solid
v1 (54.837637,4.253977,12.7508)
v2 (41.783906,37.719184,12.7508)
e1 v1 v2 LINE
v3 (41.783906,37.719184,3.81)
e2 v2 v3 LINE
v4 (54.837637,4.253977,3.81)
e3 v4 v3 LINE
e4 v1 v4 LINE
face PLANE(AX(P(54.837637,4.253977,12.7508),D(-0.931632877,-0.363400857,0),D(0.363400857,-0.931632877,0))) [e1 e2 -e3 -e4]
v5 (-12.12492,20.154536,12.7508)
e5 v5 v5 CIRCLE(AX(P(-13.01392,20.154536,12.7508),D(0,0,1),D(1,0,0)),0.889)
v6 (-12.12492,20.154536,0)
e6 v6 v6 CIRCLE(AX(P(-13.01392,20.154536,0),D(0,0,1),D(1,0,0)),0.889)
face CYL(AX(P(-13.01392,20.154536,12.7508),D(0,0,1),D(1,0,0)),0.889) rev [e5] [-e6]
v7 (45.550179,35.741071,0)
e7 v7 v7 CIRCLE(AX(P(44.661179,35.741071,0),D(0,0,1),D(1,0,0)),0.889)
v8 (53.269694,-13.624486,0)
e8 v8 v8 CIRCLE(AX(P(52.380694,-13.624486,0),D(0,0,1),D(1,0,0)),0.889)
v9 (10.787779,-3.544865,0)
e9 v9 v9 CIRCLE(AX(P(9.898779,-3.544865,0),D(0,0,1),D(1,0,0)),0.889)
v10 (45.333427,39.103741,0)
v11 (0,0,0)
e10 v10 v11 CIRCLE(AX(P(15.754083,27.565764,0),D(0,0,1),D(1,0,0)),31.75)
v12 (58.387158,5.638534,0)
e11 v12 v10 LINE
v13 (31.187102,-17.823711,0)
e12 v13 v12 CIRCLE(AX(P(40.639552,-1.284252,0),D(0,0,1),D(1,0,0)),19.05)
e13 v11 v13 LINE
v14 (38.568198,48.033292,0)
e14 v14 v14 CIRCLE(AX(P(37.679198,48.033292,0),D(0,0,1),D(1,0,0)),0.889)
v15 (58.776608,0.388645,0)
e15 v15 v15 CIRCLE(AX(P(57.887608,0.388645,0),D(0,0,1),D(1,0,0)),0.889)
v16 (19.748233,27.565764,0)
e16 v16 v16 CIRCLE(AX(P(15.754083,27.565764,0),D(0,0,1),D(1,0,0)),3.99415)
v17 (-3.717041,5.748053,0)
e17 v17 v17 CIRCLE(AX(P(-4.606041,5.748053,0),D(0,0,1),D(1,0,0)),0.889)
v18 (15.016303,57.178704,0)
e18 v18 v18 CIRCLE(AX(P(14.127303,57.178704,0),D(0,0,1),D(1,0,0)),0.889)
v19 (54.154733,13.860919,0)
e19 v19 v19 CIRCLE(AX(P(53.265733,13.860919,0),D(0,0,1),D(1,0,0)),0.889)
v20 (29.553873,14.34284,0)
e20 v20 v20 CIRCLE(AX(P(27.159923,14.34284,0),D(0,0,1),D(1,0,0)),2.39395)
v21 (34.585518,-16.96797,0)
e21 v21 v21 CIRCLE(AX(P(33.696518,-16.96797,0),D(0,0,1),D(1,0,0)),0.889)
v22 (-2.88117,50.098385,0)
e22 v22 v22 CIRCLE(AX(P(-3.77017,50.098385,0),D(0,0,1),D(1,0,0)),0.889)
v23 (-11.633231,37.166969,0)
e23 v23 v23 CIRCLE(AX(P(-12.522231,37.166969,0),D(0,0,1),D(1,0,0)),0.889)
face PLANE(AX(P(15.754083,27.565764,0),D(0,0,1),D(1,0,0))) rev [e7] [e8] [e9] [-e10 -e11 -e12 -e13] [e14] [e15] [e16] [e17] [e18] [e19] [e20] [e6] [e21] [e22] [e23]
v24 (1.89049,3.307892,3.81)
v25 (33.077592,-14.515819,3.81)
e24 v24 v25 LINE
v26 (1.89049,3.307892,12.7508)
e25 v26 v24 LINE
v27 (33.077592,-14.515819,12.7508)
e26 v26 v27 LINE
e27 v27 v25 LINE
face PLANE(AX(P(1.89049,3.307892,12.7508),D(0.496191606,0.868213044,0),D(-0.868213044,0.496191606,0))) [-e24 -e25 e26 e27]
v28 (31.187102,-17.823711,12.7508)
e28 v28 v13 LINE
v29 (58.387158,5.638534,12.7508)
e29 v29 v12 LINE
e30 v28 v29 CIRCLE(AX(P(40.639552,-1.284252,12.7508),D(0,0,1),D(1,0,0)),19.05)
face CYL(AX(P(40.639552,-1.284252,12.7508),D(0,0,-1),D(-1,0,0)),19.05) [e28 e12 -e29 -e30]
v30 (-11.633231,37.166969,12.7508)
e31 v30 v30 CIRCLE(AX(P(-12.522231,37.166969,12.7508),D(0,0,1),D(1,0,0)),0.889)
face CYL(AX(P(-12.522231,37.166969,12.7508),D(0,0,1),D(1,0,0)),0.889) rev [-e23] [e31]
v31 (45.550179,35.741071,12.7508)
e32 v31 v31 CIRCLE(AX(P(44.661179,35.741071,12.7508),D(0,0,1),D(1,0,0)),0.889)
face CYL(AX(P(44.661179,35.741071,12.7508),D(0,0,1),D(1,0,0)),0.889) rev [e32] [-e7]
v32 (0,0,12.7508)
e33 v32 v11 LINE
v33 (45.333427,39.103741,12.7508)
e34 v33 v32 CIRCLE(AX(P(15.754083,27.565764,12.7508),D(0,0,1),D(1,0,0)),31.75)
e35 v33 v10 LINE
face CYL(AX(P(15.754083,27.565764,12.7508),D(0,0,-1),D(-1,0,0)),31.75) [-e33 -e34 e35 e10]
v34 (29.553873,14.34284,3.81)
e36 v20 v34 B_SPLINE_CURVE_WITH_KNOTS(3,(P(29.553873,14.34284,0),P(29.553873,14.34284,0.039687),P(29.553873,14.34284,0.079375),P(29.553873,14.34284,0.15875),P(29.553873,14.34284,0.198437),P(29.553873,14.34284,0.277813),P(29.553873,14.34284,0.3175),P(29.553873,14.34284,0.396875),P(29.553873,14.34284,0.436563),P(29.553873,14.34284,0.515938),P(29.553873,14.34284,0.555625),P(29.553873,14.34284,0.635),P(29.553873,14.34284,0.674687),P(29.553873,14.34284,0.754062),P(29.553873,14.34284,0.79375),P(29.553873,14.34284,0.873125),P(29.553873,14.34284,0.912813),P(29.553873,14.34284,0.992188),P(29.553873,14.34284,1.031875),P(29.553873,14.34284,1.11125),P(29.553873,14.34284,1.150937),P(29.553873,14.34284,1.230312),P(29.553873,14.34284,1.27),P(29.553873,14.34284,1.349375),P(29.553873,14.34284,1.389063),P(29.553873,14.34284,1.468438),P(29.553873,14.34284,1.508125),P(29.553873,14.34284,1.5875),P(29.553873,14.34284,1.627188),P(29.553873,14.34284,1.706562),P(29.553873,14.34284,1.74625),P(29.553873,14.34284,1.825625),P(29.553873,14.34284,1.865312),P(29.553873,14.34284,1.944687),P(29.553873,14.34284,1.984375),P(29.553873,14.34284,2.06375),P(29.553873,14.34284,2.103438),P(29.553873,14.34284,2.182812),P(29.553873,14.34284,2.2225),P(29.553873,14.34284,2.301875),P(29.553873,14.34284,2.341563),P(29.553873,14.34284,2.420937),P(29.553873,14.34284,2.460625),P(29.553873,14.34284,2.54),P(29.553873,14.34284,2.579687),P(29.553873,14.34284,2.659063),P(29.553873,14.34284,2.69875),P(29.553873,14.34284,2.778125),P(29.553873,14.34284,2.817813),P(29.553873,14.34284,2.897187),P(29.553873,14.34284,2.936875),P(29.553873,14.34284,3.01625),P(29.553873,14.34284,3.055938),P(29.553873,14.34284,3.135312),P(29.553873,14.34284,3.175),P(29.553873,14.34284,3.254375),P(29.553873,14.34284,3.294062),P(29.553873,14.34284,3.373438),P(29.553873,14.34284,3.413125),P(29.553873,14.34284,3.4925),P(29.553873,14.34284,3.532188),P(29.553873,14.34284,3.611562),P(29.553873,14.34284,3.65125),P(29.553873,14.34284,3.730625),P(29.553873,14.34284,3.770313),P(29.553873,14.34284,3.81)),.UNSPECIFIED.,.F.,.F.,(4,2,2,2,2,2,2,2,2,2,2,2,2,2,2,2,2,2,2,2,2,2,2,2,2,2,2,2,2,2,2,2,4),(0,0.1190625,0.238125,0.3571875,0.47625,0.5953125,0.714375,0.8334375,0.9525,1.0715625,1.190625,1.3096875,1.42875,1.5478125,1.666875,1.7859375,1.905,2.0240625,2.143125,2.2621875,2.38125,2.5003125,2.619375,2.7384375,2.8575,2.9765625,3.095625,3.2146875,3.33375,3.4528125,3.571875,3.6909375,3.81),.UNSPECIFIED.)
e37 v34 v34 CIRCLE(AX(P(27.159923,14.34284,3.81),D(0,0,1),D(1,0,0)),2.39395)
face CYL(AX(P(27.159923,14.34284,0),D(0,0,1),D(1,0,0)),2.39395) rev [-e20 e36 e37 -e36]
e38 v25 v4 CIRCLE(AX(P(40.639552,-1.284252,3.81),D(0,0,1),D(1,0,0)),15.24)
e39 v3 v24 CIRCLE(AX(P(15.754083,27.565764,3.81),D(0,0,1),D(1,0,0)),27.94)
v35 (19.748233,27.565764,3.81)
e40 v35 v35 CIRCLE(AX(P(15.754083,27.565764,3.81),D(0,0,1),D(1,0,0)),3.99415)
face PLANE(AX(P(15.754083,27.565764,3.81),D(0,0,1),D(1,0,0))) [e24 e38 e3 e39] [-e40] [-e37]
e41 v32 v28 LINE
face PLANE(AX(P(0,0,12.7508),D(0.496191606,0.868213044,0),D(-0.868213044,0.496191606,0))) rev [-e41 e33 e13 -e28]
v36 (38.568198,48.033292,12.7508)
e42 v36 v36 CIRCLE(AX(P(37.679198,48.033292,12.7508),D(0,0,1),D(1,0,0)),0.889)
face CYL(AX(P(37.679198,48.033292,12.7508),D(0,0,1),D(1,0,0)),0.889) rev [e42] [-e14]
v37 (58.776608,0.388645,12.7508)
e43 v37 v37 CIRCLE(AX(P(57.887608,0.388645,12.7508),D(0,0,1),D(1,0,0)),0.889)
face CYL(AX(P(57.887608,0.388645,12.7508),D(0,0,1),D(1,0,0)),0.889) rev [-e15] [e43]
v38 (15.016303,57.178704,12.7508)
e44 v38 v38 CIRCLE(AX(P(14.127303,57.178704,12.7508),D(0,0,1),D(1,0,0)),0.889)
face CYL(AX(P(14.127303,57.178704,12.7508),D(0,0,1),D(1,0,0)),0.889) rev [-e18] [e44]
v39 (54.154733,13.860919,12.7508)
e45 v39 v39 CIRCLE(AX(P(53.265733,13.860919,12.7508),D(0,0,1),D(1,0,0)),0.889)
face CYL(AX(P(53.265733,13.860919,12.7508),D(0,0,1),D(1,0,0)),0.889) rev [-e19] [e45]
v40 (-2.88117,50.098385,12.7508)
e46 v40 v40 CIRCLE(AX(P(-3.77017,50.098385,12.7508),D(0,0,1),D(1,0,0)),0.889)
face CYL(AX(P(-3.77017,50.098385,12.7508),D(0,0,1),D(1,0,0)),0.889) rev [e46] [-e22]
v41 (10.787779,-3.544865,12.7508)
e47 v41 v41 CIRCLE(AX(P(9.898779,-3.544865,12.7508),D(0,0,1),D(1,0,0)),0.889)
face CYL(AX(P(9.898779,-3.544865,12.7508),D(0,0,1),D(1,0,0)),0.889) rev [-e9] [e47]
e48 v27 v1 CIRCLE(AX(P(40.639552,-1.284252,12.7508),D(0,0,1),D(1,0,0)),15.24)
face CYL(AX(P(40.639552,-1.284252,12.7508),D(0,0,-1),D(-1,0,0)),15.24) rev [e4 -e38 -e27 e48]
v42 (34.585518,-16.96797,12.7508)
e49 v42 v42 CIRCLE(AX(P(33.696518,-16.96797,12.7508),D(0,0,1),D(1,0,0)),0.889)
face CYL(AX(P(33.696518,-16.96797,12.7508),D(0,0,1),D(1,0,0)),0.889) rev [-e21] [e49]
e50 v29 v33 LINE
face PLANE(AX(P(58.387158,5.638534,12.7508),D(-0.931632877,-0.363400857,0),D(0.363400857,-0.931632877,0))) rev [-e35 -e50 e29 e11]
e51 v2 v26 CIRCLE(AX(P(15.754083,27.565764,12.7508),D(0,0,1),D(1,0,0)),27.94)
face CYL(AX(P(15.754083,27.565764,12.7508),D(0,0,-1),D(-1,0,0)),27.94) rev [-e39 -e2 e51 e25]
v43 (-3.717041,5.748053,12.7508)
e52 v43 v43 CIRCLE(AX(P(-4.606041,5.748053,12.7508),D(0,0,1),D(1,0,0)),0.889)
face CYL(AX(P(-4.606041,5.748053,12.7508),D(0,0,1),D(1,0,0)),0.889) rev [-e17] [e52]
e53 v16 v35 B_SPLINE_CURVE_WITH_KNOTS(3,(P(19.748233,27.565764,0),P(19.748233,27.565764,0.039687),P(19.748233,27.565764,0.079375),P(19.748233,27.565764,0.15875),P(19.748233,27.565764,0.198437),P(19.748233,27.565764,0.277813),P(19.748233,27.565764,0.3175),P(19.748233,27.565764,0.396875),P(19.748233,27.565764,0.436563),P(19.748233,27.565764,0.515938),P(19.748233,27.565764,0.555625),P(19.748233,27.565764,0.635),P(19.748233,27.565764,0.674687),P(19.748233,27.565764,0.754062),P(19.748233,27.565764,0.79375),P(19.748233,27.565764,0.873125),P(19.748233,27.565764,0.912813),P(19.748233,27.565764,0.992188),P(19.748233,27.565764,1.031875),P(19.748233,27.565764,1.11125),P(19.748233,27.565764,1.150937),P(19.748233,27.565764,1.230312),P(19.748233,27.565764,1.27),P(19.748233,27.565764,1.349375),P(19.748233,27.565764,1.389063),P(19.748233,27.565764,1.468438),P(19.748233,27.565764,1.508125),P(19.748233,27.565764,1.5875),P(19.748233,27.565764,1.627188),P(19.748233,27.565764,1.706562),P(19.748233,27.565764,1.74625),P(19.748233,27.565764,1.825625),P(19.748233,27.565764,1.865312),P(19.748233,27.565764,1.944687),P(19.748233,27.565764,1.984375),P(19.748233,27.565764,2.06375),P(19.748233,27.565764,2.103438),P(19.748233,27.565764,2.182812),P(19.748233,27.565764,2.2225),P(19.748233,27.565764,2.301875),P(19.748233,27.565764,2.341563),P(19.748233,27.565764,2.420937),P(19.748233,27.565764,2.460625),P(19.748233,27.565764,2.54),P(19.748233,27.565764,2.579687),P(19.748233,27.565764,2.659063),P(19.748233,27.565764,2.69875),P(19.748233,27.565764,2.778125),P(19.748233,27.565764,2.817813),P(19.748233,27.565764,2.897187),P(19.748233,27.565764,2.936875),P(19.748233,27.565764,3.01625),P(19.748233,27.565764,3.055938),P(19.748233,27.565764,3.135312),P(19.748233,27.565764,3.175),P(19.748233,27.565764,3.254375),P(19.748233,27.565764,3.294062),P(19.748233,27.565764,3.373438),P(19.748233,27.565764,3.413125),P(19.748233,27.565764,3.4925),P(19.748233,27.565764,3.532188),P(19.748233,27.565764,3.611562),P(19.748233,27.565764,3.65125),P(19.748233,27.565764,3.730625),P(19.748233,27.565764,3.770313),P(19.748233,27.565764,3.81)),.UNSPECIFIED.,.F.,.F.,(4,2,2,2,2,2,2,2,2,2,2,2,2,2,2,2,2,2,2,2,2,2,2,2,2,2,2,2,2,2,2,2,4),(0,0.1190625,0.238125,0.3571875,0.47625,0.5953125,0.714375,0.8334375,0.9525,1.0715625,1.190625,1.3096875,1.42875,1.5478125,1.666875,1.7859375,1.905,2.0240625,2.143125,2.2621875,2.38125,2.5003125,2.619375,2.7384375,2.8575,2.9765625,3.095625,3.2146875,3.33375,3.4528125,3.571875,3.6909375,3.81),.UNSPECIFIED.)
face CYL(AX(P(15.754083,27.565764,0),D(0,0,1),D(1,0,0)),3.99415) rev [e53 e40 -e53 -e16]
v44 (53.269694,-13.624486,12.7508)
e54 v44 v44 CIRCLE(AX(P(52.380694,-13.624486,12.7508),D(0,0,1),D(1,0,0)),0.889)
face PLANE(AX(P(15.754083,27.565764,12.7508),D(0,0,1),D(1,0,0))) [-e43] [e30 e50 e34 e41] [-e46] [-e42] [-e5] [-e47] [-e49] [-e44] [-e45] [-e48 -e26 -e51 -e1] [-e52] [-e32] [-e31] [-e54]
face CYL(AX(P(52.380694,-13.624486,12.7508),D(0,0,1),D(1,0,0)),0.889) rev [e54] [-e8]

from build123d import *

# Parameters (mm, degrees)
BOSS_EXTRUDE1_DEPTH        = 12.7508
SHELL2_T                   = -3.81
F_50_0_07_DIAMETER_HOLE3_D = 1.778
SKETCH15_R                 = 3.99415
CUT_EXTRUDE2_DEPTH         = 85.623521635
SKETCH16_R                 = 2.39395
CUT_EXTRUDE3_DEPTH         = 85.623521635


with BuildPart() as part:
    # Sketch1 → Boss-Extrude1 (new body)
    with BuildSketch(Plane.XY):
        with BuildLine():
            Line((0, 0), (31.187102024, -17.823710818))
            ThreePointArc((31.187102024, -17.823710818), (53.082286429, -15.709260563), (58.387158413, 5.638534012))
            Line((58.387158413, 5.638534012), (45.333427314, 39.103741383))
            ThreePointArc((45.333427314, 39.103741383), (-4.983807045, 51.60744456), (0, 0))
        make_face()
    extrude(amount=BOSS_EXTRUDE1_DEPTH)

    # Shell2
    shell2_openings = [part.faces().sort_by_distance(p)[0] for p in [
        (22.133833563, 20.169644853, 12.7508),
    ]]
    offset(amount=SHELL2_T, openings=shell2_openings, kind=Kind.INTERSECTION)

    # #50 (0.07) Diameter Hole3 (through all)
    with Locations(Plane.XY.offset(12.7508)):
        with Locations((-3.770169746, 50.098384989), (14.127303317, 57.178704003), (37.679197815, 48.033291943), (57.887608334, 0.388645245), (52.380693545, -13.624486137), (33.69651837, -16.967970116), (9.898779461, -3.544865319), (-4.606040741, 5.748053387), (-13.01391957, 20.154535826), (-12.52223075, 37.166969012), (44.661179065, 35.741071433), (53.265733422, 13.860918924)):
            Hole(F_50_0_07_DIAMETER_HOLE3_D / 2)

    # Sketch15 → Cut-Extrude2 (cut, through all)
    with BuildSketch(Plane.XY.offset(3.81)):
        with Locations((15.754083482, 27.565764159)):
            Circle(SKETCH15_R)
    extrude(amount=-CUT_EXTRUDE2_DEPTH, mode=Mode.SUBTRACT)

    # Sketch16 → Cut-Extrude3 (cut, through all)
    with BuildSketch(Plane.XY.offset(3.81)):
        with Locations((27.159923271, 14.342839938)):
            Circle(SKETCH16_R)
    extrude(amount=-CUT_EXTRUDE3_DEPTH, mode=Mode.SUBTRACT)


solid = part.part
